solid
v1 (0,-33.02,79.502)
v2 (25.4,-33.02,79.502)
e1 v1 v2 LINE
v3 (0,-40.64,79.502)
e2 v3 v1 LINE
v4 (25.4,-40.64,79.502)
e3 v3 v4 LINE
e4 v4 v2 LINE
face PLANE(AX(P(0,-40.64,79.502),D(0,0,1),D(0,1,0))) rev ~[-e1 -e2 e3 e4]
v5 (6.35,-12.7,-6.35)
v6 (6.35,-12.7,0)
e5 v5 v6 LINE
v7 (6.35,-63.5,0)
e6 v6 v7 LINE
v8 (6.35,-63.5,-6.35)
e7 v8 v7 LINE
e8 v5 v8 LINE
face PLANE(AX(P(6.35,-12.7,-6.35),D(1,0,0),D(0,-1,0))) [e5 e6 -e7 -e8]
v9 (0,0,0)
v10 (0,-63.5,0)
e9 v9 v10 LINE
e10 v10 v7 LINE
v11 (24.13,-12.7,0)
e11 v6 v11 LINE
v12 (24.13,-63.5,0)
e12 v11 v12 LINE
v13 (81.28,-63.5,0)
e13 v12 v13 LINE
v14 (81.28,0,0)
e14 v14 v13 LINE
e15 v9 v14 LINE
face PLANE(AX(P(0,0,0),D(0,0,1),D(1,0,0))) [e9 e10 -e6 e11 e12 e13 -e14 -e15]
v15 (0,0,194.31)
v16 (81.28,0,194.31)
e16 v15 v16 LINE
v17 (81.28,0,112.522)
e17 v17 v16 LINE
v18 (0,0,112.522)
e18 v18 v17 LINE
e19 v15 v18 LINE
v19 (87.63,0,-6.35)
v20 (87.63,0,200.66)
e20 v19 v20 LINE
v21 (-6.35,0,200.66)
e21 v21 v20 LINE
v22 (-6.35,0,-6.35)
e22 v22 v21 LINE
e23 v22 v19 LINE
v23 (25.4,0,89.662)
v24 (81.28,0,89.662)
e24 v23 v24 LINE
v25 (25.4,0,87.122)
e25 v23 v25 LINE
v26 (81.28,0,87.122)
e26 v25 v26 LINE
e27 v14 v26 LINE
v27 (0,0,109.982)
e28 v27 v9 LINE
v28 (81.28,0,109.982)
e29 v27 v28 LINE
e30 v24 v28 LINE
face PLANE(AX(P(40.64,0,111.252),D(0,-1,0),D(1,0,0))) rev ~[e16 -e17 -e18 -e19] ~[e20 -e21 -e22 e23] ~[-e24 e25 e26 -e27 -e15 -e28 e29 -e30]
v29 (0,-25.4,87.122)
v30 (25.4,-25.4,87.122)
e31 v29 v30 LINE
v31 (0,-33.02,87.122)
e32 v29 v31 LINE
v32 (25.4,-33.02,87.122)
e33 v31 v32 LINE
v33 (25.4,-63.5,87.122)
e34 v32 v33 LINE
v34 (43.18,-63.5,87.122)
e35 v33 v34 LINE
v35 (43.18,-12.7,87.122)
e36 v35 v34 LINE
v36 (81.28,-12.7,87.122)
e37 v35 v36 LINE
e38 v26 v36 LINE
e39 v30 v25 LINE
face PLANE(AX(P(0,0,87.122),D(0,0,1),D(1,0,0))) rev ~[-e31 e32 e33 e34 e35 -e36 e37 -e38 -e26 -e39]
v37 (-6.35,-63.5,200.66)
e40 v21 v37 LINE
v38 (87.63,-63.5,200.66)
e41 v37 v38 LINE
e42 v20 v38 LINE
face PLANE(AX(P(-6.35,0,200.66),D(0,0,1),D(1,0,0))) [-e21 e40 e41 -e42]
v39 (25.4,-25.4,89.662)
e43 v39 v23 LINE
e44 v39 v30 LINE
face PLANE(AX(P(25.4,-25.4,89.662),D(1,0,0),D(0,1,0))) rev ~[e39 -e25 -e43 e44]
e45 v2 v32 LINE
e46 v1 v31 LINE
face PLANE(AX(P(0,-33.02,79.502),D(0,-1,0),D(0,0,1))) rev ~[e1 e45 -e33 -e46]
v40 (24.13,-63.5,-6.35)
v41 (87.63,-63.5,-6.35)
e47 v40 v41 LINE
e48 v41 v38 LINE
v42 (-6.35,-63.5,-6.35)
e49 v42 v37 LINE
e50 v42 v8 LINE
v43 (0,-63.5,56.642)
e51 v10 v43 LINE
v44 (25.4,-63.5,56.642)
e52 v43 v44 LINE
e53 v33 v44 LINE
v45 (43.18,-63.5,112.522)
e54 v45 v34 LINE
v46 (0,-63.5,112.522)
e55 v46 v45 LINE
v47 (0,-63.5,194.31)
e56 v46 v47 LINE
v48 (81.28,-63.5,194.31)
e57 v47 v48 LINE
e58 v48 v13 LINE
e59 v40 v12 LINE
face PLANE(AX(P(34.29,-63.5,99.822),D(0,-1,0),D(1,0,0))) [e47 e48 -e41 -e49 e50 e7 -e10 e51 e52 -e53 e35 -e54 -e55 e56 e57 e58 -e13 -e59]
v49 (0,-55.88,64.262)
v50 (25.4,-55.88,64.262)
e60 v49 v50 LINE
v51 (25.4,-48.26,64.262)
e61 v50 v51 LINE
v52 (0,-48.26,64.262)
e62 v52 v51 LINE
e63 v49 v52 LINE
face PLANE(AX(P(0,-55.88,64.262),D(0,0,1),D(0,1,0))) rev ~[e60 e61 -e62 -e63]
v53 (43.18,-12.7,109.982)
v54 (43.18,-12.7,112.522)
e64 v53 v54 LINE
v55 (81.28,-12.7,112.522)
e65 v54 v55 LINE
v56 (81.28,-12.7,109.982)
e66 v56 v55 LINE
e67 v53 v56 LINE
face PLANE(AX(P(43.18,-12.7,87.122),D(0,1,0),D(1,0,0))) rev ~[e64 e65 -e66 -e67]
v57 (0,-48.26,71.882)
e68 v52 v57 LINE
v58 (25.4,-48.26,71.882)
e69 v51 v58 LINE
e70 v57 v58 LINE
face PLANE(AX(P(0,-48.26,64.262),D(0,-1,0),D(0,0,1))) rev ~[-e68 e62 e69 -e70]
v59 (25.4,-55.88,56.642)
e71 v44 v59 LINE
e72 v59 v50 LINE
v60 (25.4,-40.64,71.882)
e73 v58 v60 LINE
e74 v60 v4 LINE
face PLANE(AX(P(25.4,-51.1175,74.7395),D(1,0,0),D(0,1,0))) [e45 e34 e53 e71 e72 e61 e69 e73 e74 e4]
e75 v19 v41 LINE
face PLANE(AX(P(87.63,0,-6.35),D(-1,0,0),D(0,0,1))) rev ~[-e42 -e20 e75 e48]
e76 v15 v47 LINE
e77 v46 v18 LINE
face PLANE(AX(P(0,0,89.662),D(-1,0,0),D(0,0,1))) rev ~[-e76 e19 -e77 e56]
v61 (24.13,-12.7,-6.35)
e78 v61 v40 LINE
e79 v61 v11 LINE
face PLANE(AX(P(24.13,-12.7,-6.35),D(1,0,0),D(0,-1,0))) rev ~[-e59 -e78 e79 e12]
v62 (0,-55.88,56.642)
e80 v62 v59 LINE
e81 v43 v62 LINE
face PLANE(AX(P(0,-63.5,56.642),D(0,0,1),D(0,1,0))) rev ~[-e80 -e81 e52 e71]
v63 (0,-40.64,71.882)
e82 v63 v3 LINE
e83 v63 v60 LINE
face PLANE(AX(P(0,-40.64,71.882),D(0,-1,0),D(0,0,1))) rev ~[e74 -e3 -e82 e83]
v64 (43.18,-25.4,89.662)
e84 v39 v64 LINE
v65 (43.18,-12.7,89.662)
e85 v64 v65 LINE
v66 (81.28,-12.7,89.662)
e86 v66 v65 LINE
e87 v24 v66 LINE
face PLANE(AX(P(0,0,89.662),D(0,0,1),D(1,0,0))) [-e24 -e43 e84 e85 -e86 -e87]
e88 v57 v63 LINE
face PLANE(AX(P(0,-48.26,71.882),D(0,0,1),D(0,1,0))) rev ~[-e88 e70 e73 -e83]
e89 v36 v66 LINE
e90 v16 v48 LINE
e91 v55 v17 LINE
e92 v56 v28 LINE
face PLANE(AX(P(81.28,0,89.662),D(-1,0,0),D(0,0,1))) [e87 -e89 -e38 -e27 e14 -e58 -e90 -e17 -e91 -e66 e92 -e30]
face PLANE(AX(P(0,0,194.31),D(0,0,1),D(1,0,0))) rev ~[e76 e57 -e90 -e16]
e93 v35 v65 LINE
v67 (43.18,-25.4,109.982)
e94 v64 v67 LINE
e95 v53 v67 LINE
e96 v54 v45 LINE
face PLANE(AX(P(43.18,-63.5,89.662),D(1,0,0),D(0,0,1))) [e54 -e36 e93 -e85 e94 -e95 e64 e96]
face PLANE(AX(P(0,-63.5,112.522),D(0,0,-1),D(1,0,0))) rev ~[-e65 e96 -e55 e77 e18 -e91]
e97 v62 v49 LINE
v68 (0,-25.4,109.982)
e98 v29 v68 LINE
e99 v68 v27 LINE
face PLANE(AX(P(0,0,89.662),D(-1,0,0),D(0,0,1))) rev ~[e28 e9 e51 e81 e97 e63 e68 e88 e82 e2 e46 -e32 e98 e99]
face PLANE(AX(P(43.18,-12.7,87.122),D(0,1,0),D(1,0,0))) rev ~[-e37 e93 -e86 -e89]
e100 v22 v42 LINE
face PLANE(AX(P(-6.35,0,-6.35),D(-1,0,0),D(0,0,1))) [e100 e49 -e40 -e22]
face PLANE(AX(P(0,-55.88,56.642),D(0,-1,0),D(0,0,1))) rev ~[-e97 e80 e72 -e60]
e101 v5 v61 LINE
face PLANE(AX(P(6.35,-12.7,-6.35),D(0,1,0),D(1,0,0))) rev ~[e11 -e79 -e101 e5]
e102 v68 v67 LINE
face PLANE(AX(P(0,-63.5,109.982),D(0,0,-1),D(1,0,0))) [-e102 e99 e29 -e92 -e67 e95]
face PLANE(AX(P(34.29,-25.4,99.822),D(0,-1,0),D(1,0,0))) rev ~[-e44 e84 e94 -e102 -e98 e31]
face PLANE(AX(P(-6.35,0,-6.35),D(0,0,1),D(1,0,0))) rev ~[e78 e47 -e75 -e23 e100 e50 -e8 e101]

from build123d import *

# Parameters (mm, degrees)
F0_W      = 93.98
F0_H      = 207.01
F0_W_2    = 81.28
F0_H_2    = 87.122
F0_H_3    = 104.648
F1_DEPTH  = 63.5
F2_W      = 17.78
F2_H      = 50.8
F3_DEPTH  = 6.35
F4_W      = 25.4
F4_H      = 20.32
F5_DEPTH  = 38.1
F6_W      = 25.4
F6_H      = 25.4
F7_DEPTH  = 2.54
F9_DEPTH  = 25.4
F10_W     = 81.28
F10_H     = 2.54
F11_DEPTH = 63.5
F12_W     = 38.1
F12_H     = 50.8
F13_DEPTH = 25.4
F14_W     = 17.78
F14_H     = 20.32
F15_DEPTH = 38.1


with BuildPart() as f1:
    # F0 (on Front) → F1 (new body)
    with BuildSketch(Plane.XZ):
        with Locations((40.64, 97.155)):
            Rectangle(F0_W, F0_H)
        with Locations((40.64, 43.561)):
            Rectangle(F0_W_2, F0_H_2, mode=Mode.SUBTRACT)
        with Locations((40.64, 141.986)):
            Rectangle(F0_W_2, F0_H_3, mode=Mode.SUBTRACT)
    extrude(amount=F1_DEPTH)

    # F2 (on face) → F3 (cut, through all)
    with BuildSketch(Plane(origin=(0, 0, -6.35), x_dir=(1, 0, 0), z_dir=(0, 0, -1))):
        with Locations((15.24, 38.1)):
            Rectangle(F2_W, F2_H)
    extrude(amount=-F3_DEPTH, mode=Mode.SUBTRACT)

    # F4 (on face) → F5 (join)
    with BuildSketch(Plane.XZ.offset(63.5)):
        with Locations((12.7, 99.822)):
            Rectangle(F4_W, F4_H)
    extrude(amount=-F5_DEPTH)

    # F6 (on face) → F7 (cut, through all)
    with BuildSketch(Plane.XY.offset(89.662)):
        with Locations((12.7, -12.7)):
            Rectangle(F6_W, F6_H)
    extrude(amount=-F7_DEPTH, mode=Mode.SUBTRACT)

    # F8 (on face) → F9 (join, through all)
    with BuildSketch(Plane.YZ):
        Polygon((-33.02, 79.502), (-33.02, 87.122), (-63.5, 87.122), (-63.5, 56.642), (-55.88, 56.642), (-55.88, 64.262), (-48.26, 64.262), (-48.26, 71.882), (-40.64, 71.882), (-40.64, 79.502), align=None)
    extrude(amount=F9_DEPTH)

    # F10 (on face) → F11 (join, through all)
    with BuildSketch(Plane.XZ.offset(63.5)):
        with Locations((40.64, 111.252)):
            Rectangle(F10_W, F10_H)
    extrude(amount=-F11_DEPTH)

    # F12 (on face) → F13 (cut, through all)
    with BuildSketch(Plane(origin=(0, 0, 87.122), x_dir=(1, 0, 0), z_dir=(0, 0, -1))):
        with Locations((62.23, 38.1)):
            Rectangle(F12_W, F12_H)
    extrude(amount=-F13_DEPTH, mode=Mode.SUBTRACT)

    # F14 (on face) → F15 (join, through all)
    with BuildSketch(Plane.XZ.offset(63.5)):
        with Locations((34.29, 99.822)):
            Rectangle(F14_W, F14_H)
    extrude(amount=-F15_DEPTH)


solid = f1.part
